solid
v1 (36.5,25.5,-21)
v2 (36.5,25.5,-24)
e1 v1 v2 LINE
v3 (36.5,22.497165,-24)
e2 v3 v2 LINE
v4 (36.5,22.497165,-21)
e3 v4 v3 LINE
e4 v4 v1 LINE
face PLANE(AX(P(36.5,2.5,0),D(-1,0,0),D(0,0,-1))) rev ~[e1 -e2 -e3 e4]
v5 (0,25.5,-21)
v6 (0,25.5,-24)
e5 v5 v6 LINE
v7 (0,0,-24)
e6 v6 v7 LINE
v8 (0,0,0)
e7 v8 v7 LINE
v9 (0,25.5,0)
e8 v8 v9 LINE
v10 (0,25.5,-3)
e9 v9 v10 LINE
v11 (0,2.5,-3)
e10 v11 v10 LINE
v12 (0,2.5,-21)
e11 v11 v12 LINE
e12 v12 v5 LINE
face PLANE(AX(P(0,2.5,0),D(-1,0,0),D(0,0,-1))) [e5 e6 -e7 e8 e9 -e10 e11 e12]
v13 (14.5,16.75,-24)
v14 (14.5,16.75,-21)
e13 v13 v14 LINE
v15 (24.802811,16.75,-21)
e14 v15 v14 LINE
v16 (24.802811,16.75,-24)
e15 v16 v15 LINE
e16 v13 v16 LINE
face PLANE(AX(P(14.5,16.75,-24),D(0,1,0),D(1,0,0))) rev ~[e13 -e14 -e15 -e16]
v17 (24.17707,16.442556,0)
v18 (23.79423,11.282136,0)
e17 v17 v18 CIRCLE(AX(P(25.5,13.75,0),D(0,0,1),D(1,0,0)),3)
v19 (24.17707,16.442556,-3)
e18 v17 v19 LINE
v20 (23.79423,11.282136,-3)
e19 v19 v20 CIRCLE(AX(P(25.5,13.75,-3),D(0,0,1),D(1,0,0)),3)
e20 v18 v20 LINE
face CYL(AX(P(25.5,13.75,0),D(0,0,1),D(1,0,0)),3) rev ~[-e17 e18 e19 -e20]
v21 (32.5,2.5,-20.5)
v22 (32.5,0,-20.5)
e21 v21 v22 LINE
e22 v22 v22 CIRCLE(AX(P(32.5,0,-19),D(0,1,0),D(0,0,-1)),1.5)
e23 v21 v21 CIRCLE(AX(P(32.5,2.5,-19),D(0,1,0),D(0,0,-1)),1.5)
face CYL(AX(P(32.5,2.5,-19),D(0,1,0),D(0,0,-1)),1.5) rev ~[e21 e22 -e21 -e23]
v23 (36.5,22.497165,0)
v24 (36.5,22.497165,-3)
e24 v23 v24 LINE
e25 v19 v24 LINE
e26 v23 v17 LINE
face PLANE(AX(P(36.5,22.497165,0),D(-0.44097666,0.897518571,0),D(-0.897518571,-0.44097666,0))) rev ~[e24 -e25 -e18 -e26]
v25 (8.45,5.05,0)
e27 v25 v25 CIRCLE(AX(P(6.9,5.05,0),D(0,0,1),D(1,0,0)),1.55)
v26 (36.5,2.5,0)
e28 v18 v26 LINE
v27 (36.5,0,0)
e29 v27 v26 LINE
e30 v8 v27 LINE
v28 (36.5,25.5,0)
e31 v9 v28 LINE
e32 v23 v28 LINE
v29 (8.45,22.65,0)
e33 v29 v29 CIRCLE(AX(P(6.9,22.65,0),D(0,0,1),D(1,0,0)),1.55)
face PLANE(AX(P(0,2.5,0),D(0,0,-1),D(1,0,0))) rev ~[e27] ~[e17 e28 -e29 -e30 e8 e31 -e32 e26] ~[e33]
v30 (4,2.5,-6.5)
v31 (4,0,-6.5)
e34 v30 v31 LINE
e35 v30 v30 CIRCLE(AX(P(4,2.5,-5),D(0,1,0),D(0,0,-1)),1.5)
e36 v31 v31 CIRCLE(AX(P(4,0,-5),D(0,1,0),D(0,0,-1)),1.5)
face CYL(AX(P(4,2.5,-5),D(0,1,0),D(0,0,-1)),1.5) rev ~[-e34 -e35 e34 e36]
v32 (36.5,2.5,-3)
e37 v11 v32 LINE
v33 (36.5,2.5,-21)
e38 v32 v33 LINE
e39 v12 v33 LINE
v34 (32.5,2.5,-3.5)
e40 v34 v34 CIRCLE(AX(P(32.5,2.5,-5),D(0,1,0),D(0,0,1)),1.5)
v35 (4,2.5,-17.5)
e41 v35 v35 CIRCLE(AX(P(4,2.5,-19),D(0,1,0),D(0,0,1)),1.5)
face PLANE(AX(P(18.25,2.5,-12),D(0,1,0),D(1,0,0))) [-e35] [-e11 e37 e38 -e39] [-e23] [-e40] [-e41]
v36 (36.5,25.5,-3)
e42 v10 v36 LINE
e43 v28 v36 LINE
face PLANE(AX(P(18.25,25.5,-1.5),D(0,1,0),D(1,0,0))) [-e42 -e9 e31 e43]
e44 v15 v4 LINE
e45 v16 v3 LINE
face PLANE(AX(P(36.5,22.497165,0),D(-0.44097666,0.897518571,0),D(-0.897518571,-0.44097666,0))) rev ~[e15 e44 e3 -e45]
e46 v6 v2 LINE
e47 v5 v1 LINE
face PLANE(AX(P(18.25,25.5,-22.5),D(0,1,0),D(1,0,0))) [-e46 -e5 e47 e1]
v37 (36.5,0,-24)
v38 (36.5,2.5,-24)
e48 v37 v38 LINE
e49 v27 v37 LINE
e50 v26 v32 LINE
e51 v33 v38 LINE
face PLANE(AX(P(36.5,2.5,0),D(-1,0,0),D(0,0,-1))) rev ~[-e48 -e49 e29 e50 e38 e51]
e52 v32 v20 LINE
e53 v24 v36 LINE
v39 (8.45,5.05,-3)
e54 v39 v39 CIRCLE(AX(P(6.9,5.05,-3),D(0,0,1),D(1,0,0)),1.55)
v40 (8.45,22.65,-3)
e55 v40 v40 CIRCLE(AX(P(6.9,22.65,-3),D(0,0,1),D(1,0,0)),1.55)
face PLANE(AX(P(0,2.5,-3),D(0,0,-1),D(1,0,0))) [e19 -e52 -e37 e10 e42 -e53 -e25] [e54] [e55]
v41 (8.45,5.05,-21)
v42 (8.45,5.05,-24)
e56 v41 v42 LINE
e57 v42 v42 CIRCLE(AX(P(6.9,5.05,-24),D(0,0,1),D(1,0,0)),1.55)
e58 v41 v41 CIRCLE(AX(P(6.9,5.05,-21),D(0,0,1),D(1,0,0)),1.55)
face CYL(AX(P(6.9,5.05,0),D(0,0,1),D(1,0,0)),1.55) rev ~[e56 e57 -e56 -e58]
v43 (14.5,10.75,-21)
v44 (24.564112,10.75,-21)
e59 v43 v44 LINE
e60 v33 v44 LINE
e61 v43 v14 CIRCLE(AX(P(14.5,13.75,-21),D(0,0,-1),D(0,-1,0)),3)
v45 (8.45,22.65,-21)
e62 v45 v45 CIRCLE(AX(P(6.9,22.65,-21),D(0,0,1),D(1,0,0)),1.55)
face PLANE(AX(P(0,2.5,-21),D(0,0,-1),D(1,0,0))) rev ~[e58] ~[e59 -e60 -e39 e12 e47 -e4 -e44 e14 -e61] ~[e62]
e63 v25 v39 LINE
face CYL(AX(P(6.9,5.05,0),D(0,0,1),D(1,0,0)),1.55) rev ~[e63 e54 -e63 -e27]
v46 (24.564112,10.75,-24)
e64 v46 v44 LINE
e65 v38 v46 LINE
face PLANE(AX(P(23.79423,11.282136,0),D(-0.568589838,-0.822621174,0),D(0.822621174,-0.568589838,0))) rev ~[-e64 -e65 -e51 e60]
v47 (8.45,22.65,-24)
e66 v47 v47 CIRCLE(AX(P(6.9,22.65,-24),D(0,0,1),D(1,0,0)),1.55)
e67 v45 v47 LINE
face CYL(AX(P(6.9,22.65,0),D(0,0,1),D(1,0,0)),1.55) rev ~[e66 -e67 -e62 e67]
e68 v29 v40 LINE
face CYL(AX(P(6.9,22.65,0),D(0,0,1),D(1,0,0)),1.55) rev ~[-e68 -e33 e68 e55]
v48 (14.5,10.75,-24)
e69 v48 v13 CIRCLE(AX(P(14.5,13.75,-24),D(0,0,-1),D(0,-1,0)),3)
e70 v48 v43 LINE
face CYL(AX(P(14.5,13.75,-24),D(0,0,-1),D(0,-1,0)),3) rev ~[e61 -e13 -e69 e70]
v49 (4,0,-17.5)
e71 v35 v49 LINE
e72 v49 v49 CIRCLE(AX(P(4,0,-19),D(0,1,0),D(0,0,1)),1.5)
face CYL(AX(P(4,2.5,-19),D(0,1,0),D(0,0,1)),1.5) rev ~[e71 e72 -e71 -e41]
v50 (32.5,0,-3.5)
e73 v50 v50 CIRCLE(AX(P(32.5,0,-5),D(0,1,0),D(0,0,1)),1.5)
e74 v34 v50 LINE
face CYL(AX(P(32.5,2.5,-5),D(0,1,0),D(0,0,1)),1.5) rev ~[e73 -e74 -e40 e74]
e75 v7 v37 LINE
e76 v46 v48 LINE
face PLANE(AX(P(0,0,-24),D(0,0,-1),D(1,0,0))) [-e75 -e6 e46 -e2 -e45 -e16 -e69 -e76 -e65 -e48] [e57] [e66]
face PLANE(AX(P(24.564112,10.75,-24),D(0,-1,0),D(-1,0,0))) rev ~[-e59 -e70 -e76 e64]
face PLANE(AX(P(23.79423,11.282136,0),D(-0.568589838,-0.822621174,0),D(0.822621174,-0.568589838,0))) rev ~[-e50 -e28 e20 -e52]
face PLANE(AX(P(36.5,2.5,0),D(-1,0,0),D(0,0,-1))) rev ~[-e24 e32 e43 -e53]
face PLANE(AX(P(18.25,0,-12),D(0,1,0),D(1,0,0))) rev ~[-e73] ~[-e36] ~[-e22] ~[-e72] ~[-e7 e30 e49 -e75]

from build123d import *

# Parameters (mm, degrees)
SKETCH1_W           = 36.5
SKETCH1_H           = 24
BOSS_EXTRUDE1_DEPTH = 2.5
SKETCH2_W           = 36.5
SKETCH2_H           = 3
BOSS_EXTRUDE2_DEPTH = 23
SKETCH3_R           = 3
SKETCH3_R_2         = 1.55
CUT_EXTRUDE2_DEPTH  = 51.581617214
SKETCH6_R           = 1.5
CUT_EXTRUDE4_DEPTH  = 50.368512232
CUT_EXTRUDE5_REACH  = 52.582


with BuildPart() as part:
    # Sketch1 → Boss-Extrude1 (new body)
    with BuildSketch(Plane(origin=(0, 0, 0), x_dir=(1, 0, 0), z_dir=(0, 1, 0))):
        with Locations((18.25, 12)):
            Rectangle(SKETCH1_W, SKETCH1_H)
    extrude(amount=BOSS_EXTRUDE1_DEPTH)

    # Sketch2 → Boss-Extrude2 (add)
    with BuildSketch(Plane(origin=(0, 2.5, 0), x_dir=(1, 0, 0), z_dir=(0, 1, 0))):
        with Locations((18.25, 1.5)):
            Rectangle(SKETCH2_W, SKETCH2_H)
        with Locations((18.25, 22.5)):
            Rectangle(SKETCH2_W, SKETCH2_H)
    extrude(amount=BOSS_EXTRUDE2_DEPTH)

    # Sketch3 → Cut-Extrude2 (cut, through all)
    with BuildSketch(Plane.XY):
        with Locations((25.5, 13.75)):
            Circle(SKETCH3_R)
        with BuildLine():
            Line((36.5, 2.5), (36.5, 22.497165255))
            Line((36.5, 22.497165255), (24.17707002, 16.442555713))
            ThreePointArc((24.17707002, 16.442555713), (27.086065897, 16.29644752), (28.5, 13.75))
            ThreePointArc((28.5, 13.75), (26.893321833, 11.093187197), (23.794230487, 11.282136477))
            Line((23.794230487, 11.282136477), (36.5, 2.5))
        make_face()
        with Locations((6.9, 22.65)):
            Circle(SKETCH3_R_2)
        with Locations((6.9, 5.05)):
            Circle(SKETCH3_R_2)
    extrude(amount=-CUT_EXTRUDE2_DEPTH, mode=Mode.SUBTRACT)

    # Sketch6 → Cut-Extrude4 (cut, through all)
    with BuildSketch(Plane(origin=(0, 2.5, 0), x_dir=(1, 0, 0), z_dir=(0, 1, 0))):
        with Locations(Location((4, 19, 0), (0, 0, 270))):
            Circle(SKETCH6_R)
        with Locations(Location((32.5, 19, 0), (0, 0, 90))):
            Circle(SKETCH6_R)
        with Locations(Location((32.5, 5, 0), (0, 0, 270))):
            Circle(SKETCH6_R)
        with Locations(Location((4, 5, 0), (0, 0, 90))):
            Circle(SKETCH6_R)
    extrude(amount=-CUT_EXTRUDE4_DEPTH, mode=Mode.SUBTRACT)

    # Sketch8 → Cut-Extrude5 (cut, up to next)
    with BuildSketch(Plane(origin=(0, 0, -24), x_dir=(-1, 0, 0), z_dir=(0, 0, -1)), mode=Mode.PRIVATE) as cut_extrude5_sk1:
        with BuildLine():
            Line((-24.564111876, 10.75), (-14.5, 10.75))
            ThreePointArc((-14.5, 10.75), (-11.5, 13.75), (-14.5, 16.75))
            Line((-14.5, 16.75), (-24.802810523, 16.75))
            Line((-24.802810523, 16.75), (-24.17707002, 16.442555713))
            ThreePointArc((-24.17707002, 16.442555713), (-22.508221795, 13.971953085), (-23.794230487, 11.282136477))
            Line((-23.794230487, 11.282136477), (-24.564111876, 10.75))
        make_face()
    cut_extrude5_tool1 = extrude(cut_extrude5_sk1.sketch, amount=-CUT_EXTRUDE5_REACH, mode=Mode.PRIVATE) & part.part
    add(cut_extrude5_tool1.solids().sort_by_distance((17.630744, 13.752153, -24))[0], mode=Mode.SUBTRACT)


solid = part.part
